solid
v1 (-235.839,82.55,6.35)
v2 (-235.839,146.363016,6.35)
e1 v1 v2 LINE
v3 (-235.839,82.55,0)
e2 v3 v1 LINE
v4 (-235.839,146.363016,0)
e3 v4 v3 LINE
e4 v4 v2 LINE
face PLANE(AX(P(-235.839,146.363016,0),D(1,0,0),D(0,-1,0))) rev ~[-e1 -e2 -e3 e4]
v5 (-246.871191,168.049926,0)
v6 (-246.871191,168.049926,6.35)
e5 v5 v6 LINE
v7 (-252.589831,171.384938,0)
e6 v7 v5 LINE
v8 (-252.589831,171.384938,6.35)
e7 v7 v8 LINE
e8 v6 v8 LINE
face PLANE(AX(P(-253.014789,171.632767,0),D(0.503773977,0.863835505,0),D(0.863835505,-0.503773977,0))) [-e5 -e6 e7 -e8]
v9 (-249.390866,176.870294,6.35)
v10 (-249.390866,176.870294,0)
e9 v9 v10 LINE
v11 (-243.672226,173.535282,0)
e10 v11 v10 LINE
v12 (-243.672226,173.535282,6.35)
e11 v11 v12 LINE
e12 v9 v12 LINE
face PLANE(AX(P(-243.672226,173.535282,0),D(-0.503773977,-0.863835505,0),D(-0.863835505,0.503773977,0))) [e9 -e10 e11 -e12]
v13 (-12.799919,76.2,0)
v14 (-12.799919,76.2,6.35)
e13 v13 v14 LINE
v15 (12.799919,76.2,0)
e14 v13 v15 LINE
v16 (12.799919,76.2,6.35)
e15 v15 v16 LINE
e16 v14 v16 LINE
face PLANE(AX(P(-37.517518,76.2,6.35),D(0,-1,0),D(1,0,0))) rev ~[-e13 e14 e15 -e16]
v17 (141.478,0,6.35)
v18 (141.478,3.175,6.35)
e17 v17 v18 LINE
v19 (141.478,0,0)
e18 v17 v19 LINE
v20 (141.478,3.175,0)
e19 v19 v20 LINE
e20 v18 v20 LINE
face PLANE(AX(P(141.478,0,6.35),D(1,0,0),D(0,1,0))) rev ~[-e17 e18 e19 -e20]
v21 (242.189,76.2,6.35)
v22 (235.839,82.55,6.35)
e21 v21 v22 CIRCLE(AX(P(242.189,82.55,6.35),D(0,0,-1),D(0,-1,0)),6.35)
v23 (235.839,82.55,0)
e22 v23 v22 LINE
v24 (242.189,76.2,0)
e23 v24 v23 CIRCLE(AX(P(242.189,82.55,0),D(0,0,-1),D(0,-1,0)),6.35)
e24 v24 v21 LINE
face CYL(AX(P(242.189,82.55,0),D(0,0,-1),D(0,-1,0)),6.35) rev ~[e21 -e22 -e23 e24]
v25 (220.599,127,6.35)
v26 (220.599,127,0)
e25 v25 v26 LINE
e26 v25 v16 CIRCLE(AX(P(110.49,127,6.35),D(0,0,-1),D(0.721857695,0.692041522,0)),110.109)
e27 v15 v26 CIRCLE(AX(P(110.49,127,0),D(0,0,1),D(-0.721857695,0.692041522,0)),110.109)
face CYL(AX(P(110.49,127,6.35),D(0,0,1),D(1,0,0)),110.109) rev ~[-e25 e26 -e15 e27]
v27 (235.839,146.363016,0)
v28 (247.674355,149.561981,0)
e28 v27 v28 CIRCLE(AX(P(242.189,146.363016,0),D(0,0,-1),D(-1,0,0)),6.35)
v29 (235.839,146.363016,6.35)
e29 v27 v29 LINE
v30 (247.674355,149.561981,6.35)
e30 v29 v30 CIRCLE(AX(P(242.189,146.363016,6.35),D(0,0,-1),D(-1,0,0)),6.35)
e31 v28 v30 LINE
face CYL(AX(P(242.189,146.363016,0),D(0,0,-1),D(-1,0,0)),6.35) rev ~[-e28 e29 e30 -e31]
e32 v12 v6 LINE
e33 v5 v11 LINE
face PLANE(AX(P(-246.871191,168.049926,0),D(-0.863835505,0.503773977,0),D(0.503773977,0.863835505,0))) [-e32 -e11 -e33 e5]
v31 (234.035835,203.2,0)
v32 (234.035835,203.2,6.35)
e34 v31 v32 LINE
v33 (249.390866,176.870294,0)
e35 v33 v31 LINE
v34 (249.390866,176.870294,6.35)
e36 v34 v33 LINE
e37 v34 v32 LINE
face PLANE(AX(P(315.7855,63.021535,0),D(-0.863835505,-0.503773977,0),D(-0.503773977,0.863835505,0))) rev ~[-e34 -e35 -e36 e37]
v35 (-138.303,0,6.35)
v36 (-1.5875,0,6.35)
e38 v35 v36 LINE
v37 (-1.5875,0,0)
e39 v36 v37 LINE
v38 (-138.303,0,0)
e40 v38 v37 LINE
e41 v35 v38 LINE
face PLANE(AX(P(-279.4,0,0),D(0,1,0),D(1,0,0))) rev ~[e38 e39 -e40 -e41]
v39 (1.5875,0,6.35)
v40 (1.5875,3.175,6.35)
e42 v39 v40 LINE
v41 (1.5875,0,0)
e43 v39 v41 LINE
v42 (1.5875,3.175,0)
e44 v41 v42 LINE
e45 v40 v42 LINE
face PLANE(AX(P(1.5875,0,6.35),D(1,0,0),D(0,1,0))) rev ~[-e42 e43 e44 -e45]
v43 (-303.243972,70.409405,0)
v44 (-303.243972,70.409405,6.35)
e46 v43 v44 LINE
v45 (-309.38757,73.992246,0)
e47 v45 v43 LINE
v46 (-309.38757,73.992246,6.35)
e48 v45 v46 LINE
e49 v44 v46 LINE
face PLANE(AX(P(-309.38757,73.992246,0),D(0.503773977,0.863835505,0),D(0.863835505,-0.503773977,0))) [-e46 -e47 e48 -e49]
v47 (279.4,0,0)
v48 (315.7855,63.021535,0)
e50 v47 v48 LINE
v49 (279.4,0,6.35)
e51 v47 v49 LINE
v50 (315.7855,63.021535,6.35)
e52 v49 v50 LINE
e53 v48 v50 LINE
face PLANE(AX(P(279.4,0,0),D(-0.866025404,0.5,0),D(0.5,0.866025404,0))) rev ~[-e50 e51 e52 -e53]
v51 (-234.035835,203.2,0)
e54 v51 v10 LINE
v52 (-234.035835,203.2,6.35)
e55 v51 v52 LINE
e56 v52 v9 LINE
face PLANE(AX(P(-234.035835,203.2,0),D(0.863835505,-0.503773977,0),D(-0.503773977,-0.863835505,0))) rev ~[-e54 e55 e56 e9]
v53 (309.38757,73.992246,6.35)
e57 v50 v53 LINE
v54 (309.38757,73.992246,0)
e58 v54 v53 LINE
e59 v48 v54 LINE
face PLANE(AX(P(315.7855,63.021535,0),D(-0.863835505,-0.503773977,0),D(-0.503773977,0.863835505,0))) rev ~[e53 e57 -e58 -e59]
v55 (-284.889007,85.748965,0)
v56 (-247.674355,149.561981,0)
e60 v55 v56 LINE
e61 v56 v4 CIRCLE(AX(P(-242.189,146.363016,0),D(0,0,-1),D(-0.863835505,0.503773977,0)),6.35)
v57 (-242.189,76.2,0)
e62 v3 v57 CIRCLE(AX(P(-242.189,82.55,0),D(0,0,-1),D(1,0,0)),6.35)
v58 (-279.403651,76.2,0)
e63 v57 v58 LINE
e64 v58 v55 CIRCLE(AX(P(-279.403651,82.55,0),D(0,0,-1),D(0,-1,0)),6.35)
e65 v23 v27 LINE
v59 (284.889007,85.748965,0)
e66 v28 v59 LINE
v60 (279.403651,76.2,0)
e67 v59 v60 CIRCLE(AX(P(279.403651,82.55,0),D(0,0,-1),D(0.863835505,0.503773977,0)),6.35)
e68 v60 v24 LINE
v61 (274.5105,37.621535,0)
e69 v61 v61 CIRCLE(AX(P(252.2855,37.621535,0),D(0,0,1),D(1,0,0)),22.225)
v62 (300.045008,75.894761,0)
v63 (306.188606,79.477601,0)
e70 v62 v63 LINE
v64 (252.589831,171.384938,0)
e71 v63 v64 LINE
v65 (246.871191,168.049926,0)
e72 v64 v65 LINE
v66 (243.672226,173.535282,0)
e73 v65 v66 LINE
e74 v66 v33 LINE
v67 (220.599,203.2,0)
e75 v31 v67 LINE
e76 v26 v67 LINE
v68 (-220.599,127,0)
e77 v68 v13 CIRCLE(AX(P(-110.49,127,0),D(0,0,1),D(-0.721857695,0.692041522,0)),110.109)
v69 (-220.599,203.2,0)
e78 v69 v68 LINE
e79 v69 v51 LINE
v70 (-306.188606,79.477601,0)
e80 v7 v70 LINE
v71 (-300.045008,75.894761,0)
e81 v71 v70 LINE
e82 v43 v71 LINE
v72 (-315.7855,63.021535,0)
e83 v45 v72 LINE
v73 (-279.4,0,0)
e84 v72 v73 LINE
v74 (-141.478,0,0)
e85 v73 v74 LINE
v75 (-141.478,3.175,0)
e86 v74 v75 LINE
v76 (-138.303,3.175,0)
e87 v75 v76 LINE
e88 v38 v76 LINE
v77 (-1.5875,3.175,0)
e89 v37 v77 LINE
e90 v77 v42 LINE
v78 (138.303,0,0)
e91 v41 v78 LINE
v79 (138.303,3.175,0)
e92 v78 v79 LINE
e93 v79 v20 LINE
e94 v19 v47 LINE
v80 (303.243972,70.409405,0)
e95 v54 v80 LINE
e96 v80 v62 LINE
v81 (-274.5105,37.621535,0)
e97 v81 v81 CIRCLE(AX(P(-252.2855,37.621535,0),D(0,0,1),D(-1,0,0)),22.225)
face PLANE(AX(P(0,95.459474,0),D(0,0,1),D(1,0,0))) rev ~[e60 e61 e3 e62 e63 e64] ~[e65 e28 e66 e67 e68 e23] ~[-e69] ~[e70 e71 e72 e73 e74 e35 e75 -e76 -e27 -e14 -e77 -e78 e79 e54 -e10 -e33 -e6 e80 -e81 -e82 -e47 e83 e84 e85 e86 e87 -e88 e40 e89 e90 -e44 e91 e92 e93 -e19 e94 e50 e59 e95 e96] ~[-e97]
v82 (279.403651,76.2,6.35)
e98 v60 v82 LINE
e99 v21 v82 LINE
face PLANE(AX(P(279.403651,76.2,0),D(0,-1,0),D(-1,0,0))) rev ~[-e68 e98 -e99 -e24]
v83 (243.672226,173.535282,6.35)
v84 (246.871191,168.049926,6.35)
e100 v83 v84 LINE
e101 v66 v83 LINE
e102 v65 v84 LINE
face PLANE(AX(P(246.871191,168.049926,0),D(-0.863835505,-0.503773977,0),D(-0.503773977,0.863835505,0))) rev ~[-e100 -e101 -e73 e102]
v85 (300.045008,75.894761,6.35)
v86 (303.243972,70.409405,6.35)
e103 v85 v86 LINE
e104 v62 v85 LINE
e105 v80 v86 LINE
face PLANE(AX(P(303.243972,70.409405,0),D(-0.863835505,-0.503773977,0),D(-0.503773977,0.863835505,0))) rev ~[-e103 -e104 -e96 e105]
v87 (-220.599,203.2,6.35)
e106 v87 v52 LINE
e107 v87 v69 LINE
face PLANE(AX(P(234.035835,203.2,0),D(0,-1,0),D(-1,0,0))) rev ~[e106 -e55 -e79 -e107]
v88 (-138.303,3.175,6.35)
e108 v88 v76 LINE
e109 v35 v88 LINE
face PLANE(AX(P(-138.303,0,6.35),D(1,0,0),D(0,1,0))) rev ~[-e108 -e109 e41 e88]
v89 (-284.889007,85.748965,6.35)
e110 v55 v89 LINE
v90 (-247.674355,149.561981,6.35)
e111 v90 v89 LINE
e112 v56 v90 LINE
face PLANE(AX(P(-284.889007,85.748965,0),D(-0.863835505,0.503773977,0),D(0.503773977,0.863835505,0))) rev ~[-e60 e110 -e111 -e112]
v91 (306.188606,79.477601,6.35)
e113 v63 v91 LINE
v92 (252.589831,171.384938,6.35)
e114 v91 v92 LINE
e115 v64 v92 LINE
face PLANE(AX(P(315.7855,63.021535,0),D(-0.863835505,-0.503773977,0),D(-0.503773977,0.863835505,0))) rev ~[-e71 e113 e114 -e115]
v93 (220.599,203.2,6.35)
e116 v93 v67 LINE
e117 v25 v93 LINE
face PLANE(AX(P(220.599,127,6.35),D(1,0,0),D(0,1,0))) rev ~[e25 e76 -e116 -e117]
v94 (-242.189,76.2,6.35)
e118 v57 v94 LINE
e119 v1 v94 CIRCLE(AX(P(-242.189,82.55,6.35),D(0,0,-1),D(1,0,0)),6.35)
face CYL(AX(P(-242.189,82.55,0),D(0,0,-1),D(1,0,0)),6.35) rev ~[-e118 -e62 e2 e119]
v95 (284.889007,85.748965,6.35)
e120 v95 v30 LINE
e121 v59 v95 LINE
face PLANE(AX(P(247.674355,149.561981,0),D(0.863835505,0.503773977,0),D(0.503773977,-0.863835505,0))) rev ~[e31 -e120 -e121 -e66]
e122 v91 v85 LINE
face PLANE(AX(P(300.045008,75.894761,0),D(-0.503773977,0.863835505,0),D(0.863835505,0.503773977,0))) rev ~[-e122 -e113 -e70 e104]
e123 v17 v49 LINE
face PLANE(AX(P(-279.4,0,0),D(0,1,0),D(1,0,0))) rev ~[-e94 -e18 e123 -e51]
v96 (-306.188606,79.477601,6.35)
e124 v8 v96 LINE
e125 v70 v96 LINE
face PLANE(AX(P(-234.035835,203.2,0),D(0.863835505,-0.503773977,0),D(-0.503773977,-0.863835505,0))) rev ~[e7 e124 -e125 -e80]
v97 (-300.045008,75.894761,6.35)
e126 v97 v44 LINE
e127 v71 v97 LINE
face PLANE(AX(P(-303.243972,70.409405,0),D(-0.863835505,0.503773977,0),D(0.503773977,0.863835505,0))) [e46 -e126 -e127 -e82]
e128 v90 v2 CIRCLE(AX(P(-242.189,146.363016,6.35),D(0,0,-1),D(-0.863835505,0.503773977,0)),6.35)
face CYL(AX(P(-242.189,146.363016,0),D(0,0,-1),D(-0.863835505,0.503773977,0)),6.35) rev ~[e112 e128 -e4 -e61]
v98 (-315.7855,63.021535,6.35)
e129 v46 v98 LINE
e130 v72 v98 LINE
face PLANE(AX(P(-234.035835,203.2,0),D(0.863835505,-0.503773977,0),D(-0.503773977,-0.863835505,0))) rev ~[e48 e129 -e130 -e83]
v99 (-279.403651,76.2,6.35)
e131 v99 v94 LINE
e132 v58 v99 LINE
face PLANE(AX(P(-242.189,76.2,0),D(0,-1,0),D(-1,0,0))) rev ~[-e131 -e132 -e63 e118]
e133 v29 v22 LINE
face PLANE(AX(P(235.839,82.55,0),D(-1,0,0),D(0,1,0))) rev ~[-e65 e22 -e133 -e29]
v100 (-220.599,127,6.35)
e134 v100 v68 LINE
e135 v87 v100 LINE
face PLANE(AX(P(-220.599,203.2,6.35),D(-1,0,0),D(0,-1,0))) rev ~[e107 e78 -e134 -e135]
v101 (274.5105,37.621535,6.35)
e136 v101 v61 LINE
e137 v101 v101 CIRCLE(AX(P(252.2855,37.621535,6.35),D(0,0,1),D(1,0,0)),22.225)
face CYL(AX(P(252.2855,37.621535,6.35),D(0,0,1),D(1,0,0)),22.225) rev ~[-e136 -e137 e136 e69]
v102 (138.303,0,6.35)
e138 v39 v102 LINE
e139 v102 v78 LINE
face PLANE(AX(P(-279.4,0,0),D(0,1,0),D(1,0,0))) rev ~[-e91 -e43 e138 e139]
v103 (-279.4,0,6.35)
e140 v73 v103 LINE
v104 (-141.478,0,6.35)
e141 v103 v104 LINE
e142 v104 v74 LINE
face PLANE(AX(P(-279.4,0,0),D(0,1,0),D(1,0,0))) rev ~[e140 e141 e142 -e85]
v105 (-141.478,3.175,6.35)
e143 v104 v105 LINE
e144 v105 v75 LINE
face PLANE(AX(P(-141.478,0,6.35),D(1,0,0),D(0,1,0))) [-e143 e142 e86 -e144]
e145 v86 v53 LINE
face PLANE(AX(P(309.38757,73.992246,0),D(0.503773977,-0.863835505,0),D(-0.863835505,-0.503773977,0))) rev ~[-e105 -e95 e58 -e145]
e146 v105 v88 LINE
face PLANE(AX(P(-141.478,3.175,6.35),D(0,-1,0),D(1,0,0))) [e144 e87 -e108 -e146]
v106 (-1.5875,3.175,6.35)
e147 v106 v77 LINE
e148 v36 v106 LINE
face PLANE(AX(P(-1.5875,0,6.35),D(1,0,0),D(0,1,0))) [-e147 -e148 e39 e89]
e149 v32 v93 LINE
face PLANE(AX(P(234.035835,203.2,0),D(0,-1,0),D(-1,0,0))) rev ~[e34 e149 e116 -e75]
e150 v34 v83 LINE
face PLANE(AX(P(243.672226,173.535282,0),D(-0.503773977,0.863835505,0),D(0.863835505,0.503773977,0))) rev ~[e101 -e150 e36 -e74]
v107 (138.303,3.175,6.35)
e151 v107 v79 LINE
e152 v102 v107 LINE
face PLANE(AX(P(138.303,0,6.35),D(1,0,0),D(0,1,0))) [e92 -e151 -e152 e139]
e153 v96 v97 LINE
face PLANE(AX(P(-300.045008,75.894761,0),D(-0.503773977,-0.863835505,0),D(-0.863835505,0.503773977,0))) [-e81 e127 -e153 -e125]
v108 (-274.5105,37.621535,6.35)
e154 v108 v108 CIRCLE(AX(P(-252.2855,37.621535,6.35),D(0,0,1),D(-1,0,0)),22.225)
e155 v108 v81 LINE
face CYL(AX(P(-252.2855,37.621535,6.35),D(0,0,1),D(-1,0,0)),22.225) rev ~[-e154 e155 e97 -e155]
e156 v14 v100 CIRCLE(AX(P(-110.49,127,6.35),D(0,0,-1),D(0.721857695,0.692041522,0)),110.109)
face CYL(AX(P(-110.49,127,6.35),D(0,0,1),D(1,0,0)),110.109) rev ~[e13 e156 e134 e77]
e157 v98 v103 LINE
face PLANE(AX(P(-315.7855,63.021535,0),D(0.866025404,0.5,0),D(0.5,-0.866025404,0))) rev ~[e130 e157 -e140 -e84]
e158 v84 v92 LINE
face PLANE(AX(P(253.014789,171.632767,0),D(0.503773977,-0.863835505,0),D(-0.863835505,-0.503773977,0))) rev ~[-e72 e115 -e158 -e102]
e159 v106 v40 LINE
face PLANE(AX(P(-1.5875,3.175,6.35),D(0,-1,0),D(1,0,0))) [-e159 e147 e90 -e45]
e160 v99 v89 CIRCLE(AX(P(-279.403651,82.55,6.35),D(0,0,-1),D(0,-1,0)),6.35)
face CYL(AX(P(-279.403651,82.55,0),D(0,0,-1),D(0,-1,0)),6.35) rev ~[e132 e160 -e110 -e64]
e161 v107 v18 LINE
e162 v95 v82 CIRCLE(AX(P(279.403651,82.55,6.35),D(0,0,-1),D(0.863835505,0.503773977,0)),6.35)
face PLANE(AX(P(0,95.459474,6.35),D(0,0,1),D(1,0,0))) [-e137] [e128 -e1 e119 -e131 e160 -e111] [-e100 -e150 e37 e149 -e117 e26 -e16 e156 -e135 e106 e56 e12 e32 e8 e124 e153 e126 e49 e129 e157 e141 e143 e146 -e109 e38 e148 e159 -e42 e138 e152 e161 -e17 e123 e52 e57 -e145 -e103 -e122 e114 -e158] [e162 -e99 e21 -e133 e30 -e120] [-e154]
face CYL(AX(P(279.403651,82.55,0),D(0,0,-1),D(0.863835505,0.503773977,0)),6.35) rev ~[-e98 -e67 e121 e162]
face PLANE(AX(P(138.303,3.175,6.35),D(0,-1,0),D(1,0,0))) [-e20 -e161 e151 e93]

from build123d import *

# Parameters (mm, degrees)
BOSS_EXTRUDE1_DEPTH = 6.35
CUT_EXTRUDE3_REACH  = 377.568
SKETCH4_R           = 110.109
SKETCH9_R           = 22.225
CUT_EXTRUDE8_DEPTH  = 376.567629742
SKETCH11_W          = 3.175
SKETCH11_H          = 3.175
CUT_EXTRUDE10_DEPTH = 376.567629742
CUT_EXTRUDE12_DEPTH = 376.567629742
CUT_EXTRUDE15_DEPTH = 376.567629742
CUT_EXTRUDE18_DEPTH = 376.567629742


with BuildPart() as part:
    # Sketch1 → Boss-Extrude1 (new body)
    with BuildSketch(Plane.XY):
        Polygon((279.4, 0), (315.7855, 63.021534659), (234.035835214, 203.2), (-234.035835214, 203.2), (-315.7855, 63.021534659), (-279.4, 0), align=None)
    extrude(amount=BOSS_EXTRUDE1_DEPTH)

    # Sketch4 → Cut-Extrude3 (cut, up to next)
    with BuildSketch(Plane.XY.offset(6.35), mode=Mode.PRIVATE) as cut_extrude3_sk1:
        with Locations((110.49, 127)):
            Circle(SKETCH4_R)
    cut_extrude3_tool1 = extrude(cut_extrude3_sk1.sketch, amount=-CUT_EXTRUDE3_REACH, mode=Mode.PRIVATE) & part.part
    # Sketch4 → Cut-Extrude3 (cut, up to next)
    with BuildSketch(Plane.XY.offset(6.35), mode=Mode.PRIVATE) as cut_extrude3_sk2:
        with Locations((-110.49, 127)):
            Circle(SKETCH4_R)
    cut_extrude3_tool2 = extrude(cut_extrude3_sk2.sketch, amount=-CUT_EXTRUDE3_REACH, mode=Mode.PRIVATE) & part.part
    add(cut_extrude3_tool1.solids().sort_by_distance((110.49, 127, 6.35))[0], mode=Mode.SUBTRACT)
    add(cut_extrude3_tool2.solids().sort_by_distance((-110.49, 127, 6.35))[0], mode=Mode.SUBTRACT)

    # Sketch9 → Cut-Extrude8 (cut, through all)
    with BuildSketch(Plane.XY.offset(6.35)):
        with Locations((252.2855, 37.621534659)):
            Circle(SKETCH9_R)
        with Locations(Location((-252.2855, 37.621534659, 0), (0, 0, 180))):
            Circle(SKETCH9_R)
    extrude(amount=-CUT_EXTRUDE8_DEPTH, mode=Mode.SUBTRACT)

    # Sketch11 → Cut-Extrude10 (cut, through all)
    with BuildSketch(Plane.XY.offset(6.35)):
        with Locations((139.8905, 1.5875)):
            Rectangle(SKETCH11_W, SKETCH11_H)
        with Locations((0, 1.5875)):
            Rectangle(SKETCH11_W, SKETCH11_H)
        with Locations((-139.8905, 1.5875)):
            Rectangle(SKETCH11_W, SKETCH11_H)
    extrude(amount=-CUT_EXTRUDE10_DEPTH, mode=Mode.SUBTRACT)

    # Sketch13 → Cut-Extrude12 (cut, through all)
    with BuildSketch(Plane.XY.offset(6.35)):
        Polygon((-37.517518134, 76.2), (35.644230094, 76.2), (220.599, 127), (220.599, 203.2), (-220.599, 203.2), (-220.599, 127), align=None)
    extrude(amount=-CUT_EXTRUDE12_DEPTH, mode=Mode.SUBTRACT)

    # Sketch16 → Cut-Extrude15 (cut, through all)
    with BuildSketch(Plane(origin=(0, 0, 0), x_dir=(-1, 0, 0), z_dir=(0, 0, -1))):
        with BuildLine():
            Line((-247.674355458, 149.561981252), (-284.88900676, 85.748964754))
            ThreePointArc((-284.88900676, 85.748964754), (-284.909826298, 79.387005073), (-279.403651302, 76.2))
            Line((-279.403651302, 76.2), (-242.189, 76.2))
            ThreePointArc((-242.189, 76.2), (-237.698871939, 78.059871939), (-235.839, 82.55))
            Line((-235.839, 82.55), (-235.839, 146.363016498))
            ThreePointArc((-235.839, 146.363016498), (-240.532121483, 152.493045338), (-247.674355458, 149.561981252))
        make_face()
        with BuildLine():
            Line((242.189, 76.2), (279.403651302, 76.2))
            ThreePointArc((279.403651302, 76.2), (284.909826298, 79.387005073), (284.88900676, 85.748964754))
            Line((284.88900676, 85.748964754), (247.674355458, 149.561981252))
            ThreePointArc((247.674355458, 149.561981252), (240.532121483, 152.493045338), (235.839, 146.363016498))
            Line((235.839, 146.363016498), (235.839, 82.55))
            ThreePointArc((235.839, 82.55), (237.698871939, 78.059871939), (242.189, 76.2))
        make_face()
    extrude(amount=-CUT_EXTRUDE15_DEPTH, mode=Mode.SUBTRACT)

    # Sketch19 → Cut-Extrude18 (cut, through all)
    with BuildSketch(Plane(origin=(0, 0, 0), x_dir=(-1, 0, 0), z_dir=(0, 0, -1))):
        Polygon((-306.188605737, 79.477601033), (-309.387570492, 73.992245575), (-303.243972379, 70.40940505), (-300.045007624, 75.894760508), align=None)
        Polygon((-253.014789274, 171.632766807), (-246.871191161, 168.049926283), (-243.672226407, 173.535281741), (-249.81582452, 177.118122266), align=None)
        Polygon((249.81582452, 177.118122266), (253.014789274, 171.632766807), (246.871191161, 168.049926283), (243.672226407, 173.535281741), align=None)
        Polygon((300.045007624, 75.894760508), (306.188605737, 79.477601033), (309.387570492, 73.992245575), (303.243972379, 70.40940505), align=None)
    extrude(amount=-CUT_EXTRUDE18_DEPTH, mode=Mode.SUBTRACT)


solid = part.part
